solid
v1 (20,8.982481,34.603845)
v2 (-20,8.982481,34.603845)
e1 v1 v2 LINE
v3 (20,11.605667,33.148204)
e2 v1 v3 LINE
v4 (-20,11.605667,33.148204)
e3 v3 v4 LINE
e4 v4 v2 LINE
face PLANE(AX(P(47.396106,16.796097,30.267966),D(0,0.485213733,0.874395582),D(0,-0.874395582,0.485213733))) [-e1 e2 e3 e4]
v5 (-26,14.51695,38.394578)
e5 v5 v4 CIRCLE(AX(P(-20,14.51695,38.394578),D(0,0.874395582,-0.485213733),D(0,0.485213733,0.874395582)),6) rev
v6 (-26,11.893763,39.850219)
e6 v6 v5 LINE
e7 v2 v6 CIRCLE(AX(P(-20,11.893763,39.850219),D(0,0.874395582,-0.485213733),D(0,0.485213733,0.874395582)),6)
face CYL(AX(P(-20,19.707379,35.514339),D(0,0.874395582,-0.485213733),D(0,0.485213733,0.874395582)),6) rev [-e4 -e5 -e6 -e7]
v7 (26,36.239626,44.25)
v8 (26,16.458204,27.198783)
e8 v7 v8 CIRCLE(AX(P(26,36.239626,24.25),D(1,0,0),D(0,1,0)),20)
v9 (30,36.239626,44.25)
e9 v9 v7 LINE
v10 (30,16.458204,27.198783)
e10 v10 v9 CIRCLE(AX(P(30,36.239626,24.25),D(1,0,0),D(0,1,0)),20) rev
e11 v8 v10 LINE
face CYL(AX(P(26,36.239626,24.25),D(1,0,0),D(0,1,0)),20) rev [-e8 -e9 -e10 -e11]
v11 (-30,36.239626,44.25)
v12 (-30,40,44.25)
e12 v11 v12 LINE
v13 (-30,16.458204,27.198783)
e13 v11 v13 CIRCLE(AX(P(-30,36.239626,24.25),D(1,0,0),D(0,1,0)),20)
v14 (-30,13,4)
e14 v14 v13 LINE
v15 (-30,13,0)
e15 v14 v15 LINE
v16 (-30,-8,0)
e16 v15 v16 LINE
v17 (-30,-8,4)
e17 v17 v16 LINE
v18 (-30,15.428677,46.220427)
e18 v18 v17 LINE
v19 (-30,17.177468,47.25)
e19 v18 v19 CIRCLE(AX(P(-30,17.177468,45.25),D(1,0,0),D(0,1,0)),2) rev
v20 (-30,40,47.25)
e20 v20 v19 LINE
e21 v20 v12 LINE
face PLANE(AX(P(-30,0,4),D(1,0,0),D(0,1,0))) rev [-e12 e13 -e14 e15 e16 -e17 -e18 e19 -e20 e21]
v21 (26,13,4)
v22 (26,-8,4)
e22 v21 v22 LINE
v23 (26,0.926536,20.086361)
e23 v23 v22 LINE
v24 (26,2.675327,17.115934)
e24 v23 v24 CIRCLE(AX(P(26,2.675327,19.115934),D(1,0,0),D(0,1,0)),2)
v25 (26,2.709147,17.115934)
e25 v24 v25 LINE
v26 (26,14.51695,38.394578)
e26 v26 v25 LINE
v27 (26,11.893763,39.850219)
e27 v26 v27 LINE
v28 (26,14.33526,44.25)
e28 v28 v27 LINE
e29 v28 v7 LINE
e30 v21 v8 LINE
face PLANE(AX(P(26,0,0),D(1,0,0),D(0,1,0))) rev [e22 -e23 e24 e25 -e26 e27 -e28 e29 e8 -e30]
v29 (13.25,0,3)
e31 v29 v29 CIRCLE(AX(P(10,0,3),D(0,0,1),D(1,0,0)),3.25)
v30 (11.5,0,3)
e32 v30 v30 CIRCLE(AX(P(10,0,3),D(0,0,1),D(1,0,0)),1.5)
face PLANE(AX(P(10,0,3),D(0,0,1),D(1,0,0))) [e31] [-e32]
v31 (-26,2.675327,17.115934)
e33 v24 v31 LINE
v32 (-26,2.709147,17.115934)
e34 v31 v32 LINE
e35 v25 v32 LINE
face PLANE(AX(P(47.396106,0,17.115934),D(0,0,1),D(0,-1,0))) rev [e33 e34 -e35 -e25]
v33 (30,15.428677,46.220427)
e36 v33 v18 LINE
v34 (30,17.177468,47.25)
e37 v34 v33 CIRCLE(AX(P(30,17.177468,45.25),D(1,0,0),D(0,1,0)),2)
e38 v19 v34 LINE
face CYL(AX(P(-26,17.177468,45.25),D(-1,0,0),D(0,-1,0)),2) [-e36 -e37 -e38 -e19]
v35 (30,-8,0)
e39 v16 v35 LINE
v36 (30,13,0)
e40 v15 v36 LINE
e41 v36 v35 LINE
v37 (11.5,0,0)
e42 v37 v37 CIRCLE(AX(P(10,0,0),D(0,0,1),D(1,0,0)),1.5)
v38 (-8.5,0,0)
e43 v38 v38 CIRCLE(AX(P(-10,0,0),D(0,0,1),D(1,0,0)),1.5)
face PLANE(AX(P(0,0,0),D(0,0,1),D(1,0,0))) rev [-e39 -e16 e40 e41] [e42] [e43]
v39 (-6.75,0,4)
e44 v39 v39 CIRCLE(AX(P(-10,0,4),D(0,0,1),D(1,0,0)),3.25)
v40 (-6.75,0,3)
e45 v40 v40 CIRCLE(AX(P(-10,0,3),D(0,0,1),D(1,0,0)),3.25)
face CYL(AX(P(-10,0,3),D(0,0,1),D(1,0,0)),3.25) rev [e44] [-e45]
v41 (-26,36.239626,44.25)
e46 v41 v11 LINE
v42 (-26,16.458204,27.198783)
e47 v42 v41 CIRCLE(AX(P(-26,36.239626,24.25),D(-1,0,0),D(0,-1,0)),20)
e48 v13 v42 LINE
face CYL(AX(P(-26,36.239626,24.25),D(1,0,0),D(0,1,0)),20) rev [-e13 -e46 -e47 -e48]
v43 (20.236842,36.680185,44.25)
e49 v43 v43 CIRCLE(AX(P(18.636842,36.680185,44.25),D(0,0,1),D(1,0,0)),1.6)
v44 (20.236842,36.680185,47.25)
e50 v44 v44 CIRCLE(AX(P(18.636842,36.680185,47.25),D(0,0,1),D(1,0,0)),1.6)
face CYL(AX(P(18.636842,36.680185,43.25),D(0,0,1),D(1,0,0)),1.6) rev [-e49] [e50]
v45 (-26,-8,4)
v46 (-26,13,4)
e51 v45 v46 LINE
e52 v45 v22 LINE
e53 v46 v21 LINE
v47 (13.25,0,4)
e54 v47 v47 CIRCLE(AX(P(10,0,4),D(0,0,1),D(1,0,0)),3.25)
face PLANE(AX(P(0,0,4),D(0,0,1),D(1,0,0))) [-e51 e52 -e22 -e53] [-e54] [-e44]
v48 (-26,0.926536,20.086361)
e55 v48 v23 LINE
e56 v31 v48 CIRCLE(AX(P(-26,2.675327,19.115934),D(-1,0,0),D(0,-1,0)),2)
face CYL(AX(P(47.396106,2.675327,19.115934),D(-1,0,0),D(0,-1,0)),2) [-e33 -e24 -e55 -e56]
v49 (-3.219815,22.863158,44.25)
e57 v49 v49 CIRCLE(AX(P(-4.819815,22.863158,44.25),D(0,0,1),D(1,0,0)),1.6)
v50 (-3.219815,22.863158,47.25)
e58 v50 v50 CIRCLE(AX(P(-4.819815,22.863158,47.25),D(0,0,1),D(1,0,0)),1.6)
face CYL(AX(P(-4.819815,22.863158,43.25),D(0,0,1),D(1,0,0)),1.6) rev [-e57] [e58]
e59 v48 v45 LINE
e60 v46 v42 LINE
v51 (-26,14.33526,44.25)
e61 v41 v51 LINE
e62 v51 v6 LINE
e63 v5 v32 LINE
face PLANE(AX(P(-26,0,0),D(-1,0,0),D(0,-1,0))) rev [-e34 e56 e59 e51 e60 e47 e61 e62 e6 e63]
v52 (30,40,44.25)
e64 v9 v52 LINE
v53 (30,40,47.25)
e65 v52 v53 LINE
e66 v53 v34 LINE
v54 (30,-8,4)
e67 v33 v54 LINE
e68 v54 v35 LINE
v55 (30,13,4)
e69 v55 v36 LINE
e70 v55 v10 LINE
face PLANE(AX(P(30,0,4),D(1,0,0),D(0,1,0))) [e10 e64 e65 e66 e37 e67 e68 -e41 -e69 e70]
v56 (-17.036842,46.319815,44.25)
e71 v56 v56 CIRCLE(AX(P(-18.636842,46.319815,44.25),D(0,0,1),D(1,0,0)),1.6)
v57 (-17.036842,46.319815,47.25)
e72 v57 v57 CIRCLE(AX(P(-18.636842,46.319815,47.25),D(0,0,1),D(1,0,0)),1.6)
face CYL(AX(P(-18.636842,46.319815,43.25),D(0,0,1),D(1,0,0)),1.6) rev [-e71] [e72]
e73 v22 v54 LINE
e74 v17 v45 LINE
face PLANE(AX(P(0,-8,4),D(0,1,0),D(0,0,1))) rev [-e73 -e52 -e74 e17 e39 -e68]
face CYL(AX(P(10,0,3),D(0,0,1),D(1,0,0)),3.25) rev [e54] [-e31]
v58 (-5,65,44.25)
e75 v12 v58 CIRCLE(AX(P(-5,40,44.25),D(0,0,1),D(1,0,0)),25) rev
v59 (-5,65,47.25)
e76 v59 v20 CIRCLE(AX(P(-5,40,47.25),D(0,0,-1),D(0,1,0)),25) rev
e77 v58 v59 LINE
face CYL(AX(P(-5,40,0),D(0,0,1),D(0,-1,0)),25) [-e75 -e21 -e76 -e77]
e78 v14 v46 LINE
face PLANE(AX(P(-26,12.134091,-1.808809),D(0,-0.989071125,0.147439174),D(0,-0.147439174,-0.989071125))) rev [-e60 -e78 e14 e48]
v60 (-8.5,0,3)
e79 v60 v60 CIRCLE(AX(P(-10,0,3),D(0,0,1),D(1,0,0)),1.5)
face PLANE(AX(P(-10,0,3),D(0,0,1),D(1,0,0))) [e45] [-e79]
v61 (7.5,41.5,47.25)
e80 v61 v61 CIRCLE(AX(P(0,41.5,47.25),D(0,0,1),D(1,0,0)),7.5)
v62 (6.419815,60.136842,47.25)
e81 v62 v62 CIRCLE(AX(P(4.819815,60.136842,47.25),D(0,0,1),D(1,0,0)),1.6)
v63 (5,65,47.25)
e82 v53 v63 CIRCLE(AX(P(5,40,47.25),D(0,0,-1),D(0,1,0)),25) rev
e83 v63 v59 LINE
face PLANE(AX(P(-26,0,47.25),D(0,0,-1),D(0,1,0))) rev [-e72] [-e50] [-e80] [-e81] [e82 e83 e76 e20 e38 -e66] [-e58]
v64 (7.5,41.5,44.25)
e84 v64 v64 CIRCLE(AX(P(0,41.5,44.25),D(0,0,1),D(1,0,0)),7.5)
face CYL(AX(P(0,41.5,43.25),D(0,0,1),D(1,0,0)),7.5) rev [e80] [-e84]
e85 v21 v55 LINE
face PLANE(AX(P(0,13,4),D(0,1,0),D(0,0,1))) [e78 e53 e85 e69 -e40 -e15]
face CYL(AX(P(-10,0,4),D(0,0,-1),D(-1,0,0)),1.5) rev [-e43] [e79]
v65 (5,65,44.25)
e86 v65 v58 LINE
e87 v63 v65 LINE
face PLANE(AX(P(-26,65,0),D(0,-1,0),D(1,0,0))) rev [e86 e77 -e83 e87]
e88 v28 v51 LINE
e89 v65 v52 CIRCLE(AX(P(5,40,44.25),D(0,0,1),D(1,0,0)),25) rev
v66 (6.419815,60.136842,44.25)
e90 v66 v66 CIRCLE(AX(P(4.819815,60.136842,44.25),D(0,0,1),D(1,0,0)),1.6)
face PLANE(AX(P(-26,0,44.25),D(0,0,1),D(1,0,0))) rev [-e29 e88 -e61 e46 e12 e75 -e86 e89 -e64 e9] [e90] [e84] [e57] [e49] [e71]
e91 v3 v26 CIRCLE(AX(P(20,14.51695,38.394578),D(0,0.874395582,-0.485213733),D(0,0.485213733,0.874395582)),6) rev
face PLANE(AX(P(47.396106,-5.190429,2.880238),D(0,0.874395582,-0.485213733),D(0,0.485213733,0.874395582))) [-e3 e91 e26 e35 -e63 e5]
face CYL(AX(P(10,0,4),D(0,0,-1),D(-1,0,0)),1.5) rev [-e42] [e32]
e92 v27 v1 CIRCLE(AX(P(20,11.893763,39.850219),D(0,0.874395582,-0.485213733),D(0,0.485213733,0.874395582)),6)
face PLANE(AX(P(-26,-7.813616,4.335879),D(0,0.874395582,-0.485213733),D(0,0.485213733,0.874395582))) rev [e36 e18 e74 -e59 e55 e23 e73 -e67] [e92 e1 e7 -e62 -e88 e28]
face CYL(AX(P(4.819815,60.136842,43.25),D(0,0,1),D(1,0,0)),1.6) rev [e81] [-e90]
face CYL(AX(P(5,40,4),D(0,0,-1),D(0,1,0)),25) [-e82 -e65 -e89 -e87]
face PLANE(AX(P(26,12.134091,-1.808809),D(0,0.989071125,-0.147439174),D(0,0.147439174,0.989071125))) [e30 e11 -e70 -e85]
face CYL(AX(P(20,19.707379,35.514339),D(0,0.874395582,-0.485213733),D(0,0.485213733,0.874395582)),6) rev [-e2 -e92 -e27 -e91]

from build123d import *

# Parameters (mm, degrees)
SKETCH_1_R          = 1.4999999999999987
EXTRUDE_1_DEPTH     = 4
SKETCH_3_R          = 3.2499999999999996
SKETCH_3_R_2        = 3.249999999999999
CUT_EXTRUDE_1_DEPTH = 1
EXTRUDE_2_DEPTH     = 4
EXTRUDE_3_DEPTH     = 4
EXTRUDE_4_DEPTH     = 52
FILLET_1_R          = 25
FILLET_2_R          = 20
EXTRUDE_6_DEPTH     = 52
FILLET_4_R          = 6
FILLET_5_R          = 2
SKETCH_11_R         = 7.500000000000031
CUT_EXTRUDE_2_DEPTH = 4
FILLET_6_R          = 2


with BuildPart() as part:
    # 草图1 → 凸台-拉伸1 (new body)
    # profile 1 of 3: a face of its own
    with BuildSketch(Plane.XY):
        Polygon((30.00000000000006, 4.99999999999999), (30.000000000000057, -5.0000000000000115), (-29.99999999999994, -5.0000000000000115), (-29.999999999999936, 4.99999999999999), align=None)
        with Locations((9.999999999999996, 5.68e-15)):
            Circle(SKETCH_1_R, mode=Mode.SUBTRACT)
        with Locations((-10.000000000000004, -4.4e-16)):
            Circle(SKETCH_1_R, mode=Mode.SUBTRACT)
    # profile 2 of 3: a face of its own
    with BuildSketch(Plane.XY):
        Polygon((-30.000000000000014, 12.999999999999998), (29.999999999999986, 12.999999999999998), (30.00000000000006, 4.99999999999999), (-29.999999999999936, 4.99999999999999), align=None)
    # profile 3 of 3: a face of its own
    with BuildSketch(Plane.XY):
        Polygon((-29.99999999999994, -5.0000000000000115), (-30.000000000000018, -8.000000000000002), (29.999999999999982, -8.000000000000002), (30.000000000000057, -5.0000000000000115), align=None)
    extrude(amount=EXTRUDE_1_DEPTH)

    # 草图3 → 切除-拉伸1 (cut)
    with BuildSketch(Plane.XY.offset(4)):
        with Locations((-10.000000000000004, -4.6e-16)):
            Circle(SKETCH_3_R)
        with Locations((9.999999999999996, 5.69e-15)):
            Circle(SKETCH_3_R_2)
    extrude(amount=-CUT_EXTRUDE_1_DEPTH, mode=Mode.SUBTRACT)

    # 草图5 → 凸台-拉伸2 (add)
    with BuildSketch(Plane.ZY.offset(29.999999999999936)):
        Polygon((47.25000000000001, 15.99999999999999), (4, -8.000000000000012), (4, 12.999999999999988), (44.25, 18.99999999999999), (44.25, 64.99999999999999), (47.25, 64.99999999999999), align=None)
    extrude(amount=-EXTRUDE_2_DEPTH)

    # 草图6 → 凸台-拉伸3 (add)
    with BuildSketch(Plane(origin=(30.00000000000006, -1.041e-14, 0), x_dir=(0, 0, -1), z_dir=(1, -3.5e-16, 0))):
        Polygon((-44.25, 64.99999999999999), (-47.25, 64.99999999999999), (-47.25000000000001, 15.99999999999999), (-4, -8.00000000000001), (-4, 13.000000000000009), (-44.25, 18.999999999999993), align=None)
    extrude(amount=-EXTRUDE_3_DEPTH)

    # 草图7 → 凸台-拉伸4 (add)
    with BuildSketch(Plane(origin=(-25.999999999999932, 8.47e-15, 0), x_dir=(0, 0, -1), z_dir=(1, -3.3e-16, 0))):
        Polygon((-44.25, 14.335260115606923), (-44.25, 18.999999999999993), (-44.25, 64.99999999999999), (-47.25, 64.99999999999999), (-47.25000000000001, 15.999999999999986), align=None)
    extrude(amount=EXTRUDE_4_DEPTH)

    # 圆角1
    fillet_1_edges = [part.edges().sort_by_distance(p)[0] for p in [
        (-29.999999999999915, 65, 45.75),
        (30.00000000000008, 64.99999999999997, 45.75),
    ]]
    fillet(fillet_1_edges, radius=FILLET_1_R)

    # 圆角2
    fillet_2_edges = [part.edges().sort_by_distance(p)[0] for p in [
        (-27.99999999999993, 19, 44.25),
        (28.000000000000068, 18.999999999999982, 44.25),
    ]]
    fillet(fillet_2_edges, radius=FILLET_2_R)

    # 草图9 → 凸台-拉伸6 (add)
    with BuildSketch(Plane(origin=(-25.999999999999932, 8.47e-15, 0), x_dir=(0, 0, -1), z_dir=(1, -3.3e-16, 0))):
        Polygon((-33.14820415728187, 11.605667405253392), (-34.60384535674384, 8.982480660389633), (-17.11593372431879, -0.7217940026901655), (-17.115933724318786, 2.7091473962102923), align=None)
    extrude(amount=EXTRUDE_6_DEPTH)

    # 圆角4
    fillet_4_edges = [part.edges().sort_by_distance(p)[0] for p in [
        (-25.99999999999993, 10.294074032821522, 33.87602475701286),
        (26.00000000000007, 10.294074032821504, 33.87602475701286),
    ]]
    fillet(fillet_4_edges, radius=FILLET_4_R)

    # 圆角5
    fillet_5_edges = [part.edges().sort_by_distance(p)[0] for p in [
        (6.75e-14, -0.721794002690165, 17.11593372431879),
    ]]
    fillet(fillet_5_edges, radius=FILLET_5_R)

    # 草图11 → 切除-拉伸2 (cut)
    with BuildSketch(Plane.XY.offset(47.25000000000001)):
        with BuildLine():
            ThreePointArc((-20.11504932930021, 46.93210856983418), (-19.24913556906646, 44.8416078260319), (-17.158634825264187, 45.70752158626565))
            ThreePointArc((-17.158634825264187, 45.70752158626565), (-18.024548585497932, 47.79802233006792), (-20.11504932930021, 46.93210856983418))
        make_face()
        with BuildLine():
            ThreePointArc((-4.207521586267032, 24.341365174733916), (-6.298022330069304, 23.475451414500167), (-5.432108569835557, 21.384950670697894))
            ThreePointArc((-5.432108569835557, 21.384950670697894), (-3.341607826033282, 22.250864430931642), (-4.207521586267032, 24.341365174733916))
        make_face()
        with BuildLine():
            ThreePointArc((20.11504932930082, 36.06789143016255), (19.24913556906707, 38.158392173964835), (17.158634825264798, 37.292478413731075))
            ThreePointArc((17.158634825264798, 37.292478413731075), (18.024548585498543, 35.20197766992881), (20.11504932930082, 36.06789143016255))
        make_face()
        with BuildLine():
            ThreePointArc((5.43210856983612, 61.61504932929888), (3.341607826033848, 60.74913556906513), (4.207521586267595, 58.65863482526286))
            ThreePointArc((4.207521586267595, 58.65863482526286), (6.298022330069867, 59.5245485854966), (5.43210856983612, 61.61504932929888))
        make_face()
        with Locations((2.6021e-13, 41.49999999999841)):
            Circle(SKETCH_11_R)
    extrude(amount=-CUT_EXTRUDE_2_DEPTH, mode=Mode.SUBTRACT)

    # 圆角6
    fillet_6_edges = [part.edges().sort_by_distance(p)[0] for p in [
        (7.105e-14, 15.99999999999999, 47.25000000000001),
    ]]
    fillet(fillet_6_edges, radius=FILLET_6_R)


solid = part.part
